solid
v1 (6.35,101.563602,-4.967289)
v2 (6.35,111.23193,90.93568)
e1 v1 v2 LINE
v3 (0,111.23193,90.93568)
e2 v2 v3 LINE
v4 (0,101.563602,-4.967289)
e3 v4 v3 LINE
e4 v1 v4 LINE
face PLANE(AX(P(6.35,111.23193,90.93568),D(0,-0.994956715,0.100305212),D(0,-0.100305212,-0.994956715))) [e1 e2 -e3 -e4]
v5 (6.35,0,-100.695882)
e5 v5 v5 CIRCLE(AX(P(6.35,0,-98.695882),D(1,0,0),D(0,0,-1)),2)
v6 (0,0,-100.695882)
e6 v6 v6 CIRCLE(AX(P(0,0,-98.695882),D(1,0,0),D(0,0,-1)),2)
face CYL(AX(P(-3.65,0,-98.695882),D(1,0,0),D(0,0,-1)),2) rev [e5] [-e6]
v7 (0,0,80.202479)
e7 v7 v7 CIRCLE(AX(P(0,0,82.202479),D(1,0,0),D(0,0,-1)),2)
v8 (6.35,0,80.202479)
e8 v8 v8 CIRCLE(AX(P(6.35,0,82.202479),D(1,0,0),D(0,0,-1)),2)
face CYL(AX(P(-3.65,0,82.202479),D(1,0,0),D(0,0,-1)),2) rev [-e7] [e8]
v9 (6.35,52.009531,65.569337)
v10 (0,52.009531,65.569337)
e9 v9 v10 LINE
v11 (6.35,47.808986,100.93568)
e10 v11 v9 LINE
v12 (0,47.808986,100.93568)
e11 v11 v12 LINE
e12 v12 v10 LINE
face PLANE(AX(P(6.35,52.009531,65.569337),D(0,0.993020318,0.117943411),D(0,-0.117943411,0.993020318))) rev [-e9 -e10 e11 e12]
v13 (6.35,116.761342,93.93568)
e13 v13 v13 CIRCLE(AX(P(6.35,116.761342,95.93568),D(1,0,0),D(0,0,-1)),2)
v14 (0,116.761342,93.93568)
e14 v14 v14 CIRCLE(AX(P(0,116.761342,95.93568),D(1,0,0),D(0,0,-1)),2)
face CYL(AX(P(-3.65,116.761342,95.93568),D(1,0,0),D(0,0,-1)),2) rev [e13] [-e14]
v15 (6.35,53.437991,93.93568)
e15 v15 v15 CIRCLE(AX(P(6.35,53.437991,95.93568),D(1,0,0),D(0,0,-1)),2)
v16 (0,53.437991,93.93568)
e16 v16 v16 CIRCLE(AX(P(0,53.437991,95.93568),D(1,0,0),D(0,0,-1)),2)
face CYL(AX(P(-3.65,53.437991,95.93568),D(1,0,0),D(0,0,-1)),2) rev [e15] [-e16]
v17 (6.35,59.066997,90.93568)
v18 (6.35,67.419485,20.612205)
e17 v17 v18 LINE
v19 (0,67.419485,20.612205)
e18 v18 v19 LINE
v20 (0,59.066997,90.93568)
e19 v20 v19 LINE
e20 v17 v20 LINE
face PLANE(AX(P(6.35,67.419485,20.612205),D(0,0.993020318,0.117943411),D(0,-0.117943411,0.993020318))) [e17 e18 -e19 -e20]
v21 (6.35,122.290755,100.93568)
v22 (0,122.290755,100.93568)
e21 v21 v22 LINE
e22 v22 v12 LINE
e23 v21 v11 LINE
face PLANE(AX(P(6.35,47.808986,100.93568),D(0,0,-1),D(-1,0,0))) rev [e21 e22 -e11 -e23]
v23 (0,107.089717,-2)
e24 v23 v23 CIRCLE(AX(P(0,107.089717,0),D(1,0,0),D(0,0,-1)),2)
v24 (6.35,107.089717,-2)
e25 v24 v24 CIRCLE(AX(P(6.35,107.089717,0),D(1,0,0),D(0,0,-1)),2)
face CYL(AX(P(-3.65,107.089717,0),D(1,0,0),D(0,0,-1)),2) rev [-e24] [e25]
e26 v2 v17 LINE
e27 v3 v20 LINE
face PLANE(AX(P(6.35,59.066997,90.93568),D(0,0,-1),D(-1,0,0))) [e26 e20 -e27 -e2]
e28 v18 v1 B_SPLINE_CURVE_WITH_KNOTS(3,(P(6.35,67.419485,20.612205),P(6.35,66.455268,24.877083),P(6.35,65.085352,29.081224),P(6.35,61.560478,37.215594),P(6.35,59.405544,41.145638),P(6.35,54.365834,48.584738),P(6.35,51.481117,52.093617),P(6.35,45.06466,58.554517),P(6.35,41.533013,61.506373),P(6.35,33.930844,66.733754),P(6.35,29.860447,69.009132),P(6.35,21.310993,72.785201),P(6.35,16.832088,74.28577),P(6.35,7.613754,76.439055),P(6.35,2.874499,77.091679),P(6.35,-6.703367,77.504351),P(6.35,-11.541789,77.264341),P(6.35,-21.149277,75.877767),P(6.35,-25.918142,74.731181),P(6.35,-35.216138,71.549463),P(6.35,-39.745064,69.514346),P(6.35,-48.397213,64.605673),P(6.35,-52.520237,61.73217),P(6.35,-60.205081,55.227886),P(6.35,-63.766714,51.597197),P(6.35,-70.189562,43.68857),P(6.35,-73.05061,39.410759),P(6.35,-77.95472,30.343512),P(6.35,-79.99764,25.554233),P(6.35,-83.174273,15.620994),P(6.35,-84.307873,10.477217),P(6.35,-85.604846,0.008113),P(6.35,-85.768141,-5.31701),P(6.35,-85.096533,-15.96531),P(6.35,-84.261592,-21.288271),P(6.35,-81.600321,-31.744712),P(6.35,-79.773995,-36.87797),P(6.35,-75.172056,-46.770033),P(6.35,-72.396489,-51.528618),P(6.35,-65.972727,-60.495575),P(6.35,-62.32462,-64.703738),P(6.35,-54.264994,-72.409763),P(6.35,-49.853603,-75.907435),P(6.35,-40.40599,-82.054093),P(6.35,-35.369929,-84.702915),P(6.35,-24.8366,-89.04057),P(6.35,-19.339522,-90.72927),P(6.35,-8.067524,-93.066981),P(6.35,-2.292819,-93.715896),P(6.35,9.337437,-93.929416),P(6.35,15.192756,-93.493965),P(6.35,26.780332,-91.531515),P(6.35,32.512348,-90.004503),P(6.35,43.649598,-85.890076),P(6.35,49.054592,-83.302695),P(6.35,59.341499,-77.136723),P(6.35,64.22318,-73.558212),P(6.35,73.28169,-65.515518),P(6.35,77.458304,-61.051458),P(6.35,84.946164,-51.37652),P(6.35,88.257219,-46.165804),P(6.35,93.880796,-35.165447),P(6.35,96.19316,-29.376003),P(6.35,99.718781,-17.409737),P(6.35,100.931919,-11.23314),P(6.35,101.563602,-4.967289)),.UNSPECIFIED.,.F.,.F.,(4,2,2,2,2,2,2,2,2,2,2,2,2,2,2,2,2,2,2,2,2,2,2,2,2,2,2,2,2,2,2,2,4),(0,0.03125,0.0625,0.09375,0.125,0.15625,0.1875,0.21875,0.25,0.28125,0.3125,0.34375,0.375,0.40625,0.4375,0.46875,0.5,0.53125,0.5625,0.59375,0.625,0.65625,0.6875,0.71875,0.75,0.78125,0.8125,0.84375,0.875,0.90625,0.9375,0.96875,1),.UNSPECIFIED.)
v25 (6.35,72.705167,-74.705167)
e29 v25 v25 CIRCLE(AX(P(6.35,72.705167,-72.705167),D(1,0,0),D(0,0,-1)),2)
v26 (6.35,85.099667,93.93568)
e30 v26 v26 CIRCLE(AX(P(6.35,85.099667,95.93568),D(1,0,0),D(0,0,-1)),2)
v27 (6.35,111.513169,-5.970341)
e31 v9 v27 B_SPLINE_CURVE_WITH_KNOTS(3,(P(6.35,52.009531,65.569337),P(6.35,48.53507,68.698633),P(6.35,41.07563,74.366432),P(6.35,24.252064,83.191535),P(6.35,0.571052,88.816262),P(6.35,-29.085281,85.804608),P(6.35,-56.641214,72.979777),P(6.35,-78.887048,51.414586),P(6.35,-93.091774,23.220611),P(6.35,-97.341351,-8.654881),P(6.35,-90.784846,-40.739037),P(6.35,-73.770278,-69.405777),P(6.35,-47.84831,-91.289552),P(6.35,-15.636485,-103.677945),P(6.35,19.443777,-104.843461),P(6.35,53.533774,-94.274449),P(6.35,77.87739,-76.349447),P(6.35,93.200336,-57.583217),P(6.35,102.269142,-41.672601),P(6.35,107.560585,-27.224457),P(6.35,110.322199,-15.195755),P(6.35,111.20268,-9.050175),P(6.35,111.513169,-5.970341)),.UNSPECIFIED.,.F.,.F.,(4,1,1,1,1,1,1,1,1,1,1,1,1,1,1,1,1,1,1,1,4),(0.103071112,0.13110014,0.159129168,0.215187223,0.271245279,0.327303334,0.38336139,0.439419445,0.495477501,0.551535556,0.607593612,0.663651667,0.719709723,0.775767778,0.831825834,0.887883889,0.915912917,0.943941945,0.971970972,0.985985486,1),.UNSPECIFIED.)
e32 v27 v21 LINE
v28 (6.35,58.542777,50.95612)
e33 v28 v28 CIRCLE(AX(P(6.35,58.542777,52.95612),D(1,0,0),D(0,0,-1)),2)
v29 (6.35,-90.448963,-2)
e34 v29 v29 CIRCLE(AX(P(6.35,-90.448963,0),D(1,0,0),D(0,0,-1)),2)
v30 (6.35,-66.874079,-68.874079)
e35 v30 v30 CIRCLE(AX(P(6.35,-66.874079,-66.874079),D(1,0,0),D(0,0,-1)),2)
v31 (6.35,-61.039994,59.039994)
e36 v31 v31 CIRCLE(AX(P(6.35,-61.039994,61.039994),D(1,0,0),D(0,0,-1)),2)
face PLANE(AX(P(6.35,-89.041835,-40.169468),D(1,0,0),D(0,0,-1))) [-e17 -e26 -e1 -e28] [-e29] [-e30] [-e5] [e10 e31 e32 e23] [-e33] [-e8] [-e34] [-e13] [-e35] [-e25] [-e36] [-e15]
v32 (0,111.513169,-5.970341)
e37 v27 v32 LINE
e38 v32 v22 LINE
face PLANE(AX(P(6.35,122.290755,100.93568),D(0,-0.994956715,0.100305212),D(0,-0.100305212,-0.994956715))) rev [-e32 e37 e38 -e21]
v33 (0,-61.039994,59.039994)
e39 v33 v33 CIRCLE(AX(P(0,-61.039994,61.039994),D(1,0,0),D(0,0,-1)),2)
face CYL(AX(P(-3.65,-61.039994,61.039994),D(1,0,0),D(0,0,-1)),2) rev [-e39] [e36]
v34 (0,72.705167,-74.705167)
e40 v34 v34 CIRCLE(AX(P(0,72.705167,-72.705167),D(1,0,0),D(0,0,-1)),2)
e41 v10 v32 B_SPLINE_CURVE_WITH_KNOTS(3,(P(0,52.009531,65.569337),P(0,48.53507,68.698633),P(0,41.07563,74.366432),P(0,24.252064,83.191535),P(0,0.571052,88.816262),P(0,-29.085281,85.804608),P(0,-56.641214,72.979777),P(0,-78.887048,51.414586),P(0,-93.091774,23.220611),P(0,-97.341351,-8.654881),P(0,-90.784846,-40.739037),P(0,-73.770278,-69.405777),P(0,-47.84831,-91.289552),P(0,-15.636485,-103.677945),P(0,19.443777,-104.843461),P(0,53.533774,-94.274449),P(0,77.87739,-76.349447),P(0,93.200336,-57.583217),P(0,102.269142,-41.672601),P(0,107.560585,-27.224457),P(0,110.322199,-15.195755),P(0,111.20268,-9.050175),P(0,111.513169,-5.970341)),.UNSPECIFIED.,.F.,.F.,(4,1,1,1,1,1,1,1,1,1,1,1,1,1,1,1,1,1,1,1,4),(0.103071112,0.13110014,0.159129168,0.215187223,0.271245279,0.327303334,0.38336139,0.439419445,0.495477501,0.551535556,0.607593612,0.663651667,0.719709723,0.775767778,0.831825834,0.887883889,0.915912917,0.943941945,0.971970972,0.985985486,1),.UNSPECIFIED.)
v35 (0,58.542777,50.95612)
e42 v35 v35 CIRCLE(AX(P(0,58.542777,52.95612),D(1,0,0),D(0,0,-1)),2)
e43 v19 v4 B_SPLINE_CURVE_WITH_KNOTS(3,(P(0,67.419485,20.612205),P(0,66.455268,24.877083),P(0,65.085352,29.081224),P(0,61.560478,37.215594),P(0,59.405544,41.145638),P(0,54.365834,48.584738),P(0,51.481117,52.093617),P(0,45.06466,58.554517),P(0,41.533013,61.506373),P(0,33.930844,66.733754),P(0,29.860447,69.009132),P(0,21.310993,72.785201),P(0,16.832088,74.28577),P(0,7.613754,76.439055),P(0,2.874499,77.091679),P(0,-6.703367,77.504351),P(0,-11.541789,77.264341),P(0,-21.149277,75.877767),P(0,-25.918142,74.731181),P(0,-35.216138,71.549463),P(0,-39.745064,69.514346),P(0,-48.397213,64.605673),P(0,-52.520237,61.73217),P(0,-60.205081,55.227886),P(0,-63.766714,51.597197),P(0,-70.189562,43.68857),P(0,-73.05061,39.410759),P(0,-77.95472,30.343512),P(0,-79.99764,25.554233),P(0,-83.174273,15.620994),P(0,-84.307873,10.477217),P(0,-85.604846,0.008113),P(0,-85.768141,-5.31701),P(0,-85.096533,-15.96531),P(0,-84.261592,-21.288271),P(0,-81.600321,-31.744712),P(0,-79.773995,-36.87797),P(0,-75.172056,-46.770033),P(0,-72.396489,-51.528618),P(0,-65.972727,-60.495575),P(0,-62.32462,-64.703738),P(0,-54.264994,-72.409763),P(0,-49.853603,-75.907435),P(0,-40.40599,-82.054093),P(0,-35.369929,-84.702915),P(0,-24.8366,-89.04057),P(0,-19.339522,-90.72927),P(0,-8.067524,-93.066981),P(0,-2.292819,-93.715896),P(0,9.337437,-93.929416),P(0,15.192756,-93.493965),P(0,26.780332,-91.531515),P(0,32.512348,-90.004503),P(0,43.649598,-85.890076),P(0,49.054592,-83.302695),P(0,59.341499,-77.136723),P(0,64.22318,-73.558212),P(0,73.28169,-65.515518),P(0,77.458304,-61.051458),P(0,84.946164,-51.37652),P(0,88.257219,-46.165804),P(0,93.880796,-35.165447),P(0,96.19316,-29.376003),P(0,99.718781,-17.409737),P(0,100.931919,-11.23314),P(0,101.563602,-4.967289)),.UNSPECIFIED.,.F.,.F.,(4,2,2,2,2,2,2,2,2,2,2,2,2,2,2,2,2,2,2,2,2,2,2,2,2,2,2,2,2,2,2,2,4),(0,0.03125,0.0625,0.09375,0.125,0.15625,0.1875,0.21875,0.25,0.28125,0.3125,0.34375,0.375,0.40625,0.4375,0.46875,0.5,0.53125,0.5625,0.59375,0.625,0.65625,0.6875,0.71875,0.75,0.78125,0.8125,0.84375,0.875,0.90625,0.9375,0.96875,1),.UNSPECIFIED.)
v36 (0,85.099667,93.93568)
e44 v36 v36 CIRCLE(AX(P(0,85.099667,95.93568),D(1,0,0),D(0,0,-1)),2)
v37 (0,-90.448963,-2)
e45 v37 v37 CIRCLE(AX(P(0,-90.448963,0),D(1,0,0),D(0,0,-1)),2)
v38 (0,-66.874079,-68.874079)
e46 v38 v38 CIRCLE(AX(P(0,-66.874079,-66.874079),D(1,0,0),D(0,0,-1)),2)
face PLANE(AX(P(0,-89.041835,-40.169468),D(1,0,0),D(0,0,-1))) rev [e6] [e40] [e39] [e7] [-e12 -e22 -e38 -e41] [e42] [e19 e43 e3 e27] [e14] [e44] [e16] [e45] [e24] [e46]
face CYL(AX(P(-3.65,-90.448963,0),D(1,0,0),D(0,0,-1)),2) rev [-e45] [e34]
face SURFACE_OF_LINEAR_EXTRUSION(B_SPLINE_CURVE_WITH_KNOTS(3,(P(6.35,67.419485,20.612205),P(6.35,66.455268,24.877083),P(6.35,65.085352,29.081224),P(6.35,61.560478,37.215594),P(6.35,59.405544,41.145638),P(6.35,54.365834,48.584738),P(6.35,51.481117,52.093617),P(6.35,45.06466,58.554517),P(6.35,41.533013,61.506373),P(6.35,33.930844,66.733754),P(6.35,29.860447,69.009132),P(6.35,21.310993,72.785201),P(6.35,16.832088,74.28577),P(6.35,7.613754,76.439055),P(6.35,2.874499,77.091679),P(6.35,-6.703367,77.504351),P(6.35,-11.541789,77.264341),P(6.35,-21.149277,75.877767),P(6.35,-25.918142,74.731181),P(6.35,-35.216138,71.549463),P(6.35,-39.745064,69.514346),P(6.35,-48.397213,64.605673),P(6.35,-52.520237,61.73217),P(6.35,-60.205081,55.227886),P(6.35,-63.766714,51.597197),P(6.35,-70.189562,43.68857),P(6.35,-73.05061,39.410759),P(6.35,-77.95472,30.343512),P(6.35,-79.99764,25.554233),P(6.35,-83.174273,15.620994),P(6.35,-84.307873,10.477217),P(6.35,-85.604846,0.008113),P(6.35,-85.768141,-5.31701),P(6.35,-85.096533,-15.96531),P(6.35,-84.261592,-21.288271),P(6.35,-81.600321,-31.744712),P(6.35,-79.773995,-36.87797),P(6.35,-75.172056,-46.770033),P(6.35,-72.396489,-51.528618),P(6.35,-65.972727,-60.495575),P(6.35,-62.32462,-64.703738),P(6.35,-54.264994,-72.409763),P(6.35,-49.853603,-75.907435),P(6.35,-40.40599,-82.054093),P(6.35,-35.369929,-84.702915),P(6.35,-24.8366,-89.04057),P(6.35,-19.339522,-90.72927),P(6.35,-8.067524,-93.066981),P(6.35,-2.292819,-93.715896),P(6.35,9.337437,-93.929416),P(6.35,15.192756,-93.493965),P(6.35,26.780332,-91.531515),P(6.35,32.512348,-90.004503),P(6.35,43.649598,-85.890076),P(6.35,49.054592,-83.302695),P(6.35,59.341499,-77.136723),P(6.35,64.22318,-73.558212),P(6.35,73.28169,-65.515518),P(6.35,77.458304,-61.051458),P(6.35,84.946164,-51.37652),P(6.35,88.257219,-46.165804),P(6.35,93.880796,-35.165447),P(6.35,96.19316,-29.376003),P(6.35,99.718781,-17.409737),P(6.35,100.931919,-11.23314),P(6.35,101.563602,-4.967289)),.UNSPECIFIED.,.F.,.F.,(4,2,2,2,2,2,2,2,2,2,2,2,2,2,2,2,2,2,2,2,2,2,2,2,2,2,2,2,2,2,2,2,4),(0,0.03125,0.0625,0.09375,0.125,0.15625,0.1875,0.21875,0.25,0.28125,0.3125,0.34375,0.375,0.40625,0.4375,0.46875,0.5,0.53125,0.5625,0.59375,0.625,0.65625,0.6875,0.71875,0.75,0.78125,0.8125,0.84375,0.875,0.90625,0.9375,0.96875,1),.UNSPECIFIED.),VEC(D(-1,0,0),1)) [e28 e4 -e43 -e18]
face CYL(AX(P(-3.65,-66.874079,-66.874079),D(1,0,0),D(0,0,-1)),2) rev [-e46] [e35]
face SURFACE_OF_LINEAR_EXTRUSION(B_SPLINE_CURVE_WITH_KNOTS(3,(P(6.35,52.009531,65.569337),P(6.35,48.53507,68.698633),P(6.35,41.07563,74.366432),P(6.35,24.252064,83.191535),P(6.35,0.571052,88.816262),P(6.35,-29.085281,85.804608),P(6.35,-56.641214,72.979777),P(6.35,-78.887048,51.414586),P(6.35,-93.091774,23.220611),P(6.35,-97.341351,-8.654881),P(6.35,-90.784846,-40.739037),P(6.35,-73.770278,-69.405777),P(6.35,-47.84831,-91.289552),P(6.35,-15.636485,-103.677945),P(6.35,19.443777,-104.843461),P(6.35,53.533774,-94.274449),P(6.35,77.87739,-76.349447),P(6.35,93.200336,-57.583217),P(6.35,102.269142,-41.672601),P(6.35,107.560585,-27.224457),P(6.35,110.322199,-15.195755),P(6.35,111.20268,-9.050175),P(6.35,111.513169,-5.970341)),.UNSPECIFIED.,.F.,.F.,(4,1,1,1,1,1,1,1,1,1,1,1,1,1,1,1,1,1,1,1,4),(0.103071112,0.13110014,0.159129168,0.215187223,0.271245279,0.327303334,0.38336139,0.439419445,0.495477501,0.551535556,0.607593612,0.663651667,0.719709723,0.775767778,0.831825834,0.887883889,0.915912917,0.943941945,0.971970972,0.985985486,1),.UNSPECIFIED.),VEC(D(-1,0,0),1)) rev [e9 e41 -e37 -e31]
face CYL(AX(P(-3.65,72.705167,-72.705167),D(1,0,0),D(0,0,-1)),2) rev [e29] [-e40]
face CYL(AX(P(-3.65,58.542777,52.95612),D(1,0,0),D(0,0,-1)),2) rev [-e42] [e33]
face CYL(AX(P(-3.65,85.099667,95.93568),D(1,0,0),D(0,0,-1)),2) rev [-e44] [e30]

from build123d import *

# Parameters (mm, degrees)
BOSS_EXTRUDE1_DEPTH = 6.35
SKETCH11_R          = 2
CUT_EXTRUDE2_DEPTH  = 10


with BuildPart() as part:
    # Sketch10 → Boss-Extrude1 (new body)
    with BuildSketch(Plane(origin=(0, 0, 0), x_dir=(0, 0, -1), z_dir=(1, 0, 0))):
        with BuildLine():
            Line((-65.56933734, 52.009531221), (-100.935679824, 47.808985699))
            Line((-100.935679824, 47.808985699), (-100.935679824, 122.29075479))
            Line((-100.935679824, 122.29075479), (5.970340966, 111.513169224))
            add(Edge.make_bspline(
                [(5.970340966, 111.513169224), (9.050174513, 111.20267998), (15.195754527, 110.322198965), (27.224457069, 107.560584888), (41.672600889, 102.269141777), (57.583217011, 93.200335773), (76.34944741, 77.877389952), (94.274449289, 53.53377411), (104.843460982, 19.443777188), (103.677945005, -15.636484697), (91.289552438, -47.848309946), (69.405777179, -73.770277552), (40.739036605, -90.784845908), (8.654881454, -97.341351398), (-23.220610692, -93.091773694), (-51.414586087, -78.887047742), (-72.979776783, -56.641213756), (-85.804607758, -29.085280645), (-88.816261681, 0.571051967), (-83.191535024, 24.252063706), (-74.366432128, 41.075630131), (-68.698633198, 48.535069634), (-65.56933734, 52.009531221)],
                knots=[0.103071112, 0.103071112, 0.103071112, 0.103071112, 0.117085626, 0.13110014, 0.159129168, 0.187158196, 0.215187223, 0.271245279, 0.327303334, 0.38336139, 0.439419445, 0.495477501, 0.551535556, 0.607593612, 0.663651667, 0.719709723, 0.775767778, 0.831825834, 0.887883889, 0.943941945, 0.971970972, 1, 1, 1, 1], degree=3))
        make_face()
        with BuildLine():
            Line((-20.612205183, 67.419485295), (-90.935679824, 59.066997144))
            Line((-90.935679824, 59.066997144), (-90.935679824, 111.231929858))
            Line((-90.935679824, 111.231929858), (4.967288842, 101.563602076))
            add(Edge.make_bspline(
                [(-20.612205183, 67.419485295), (-24.877082573, 66.455267856), (-29.081224373, 65.085352217), (-37.21559395, 61.560478152), (-41.145637536, 59.405543875), (-48.584738117, 54.365833517), (-52.093616671, 51.481116625), (-58.554517239, 45.064659766), (-61.506373232, 41.533012683), (-66.733754258, 33.93084433), (-69.009132051, 29.860447027), (-72.785201264, 21.31099306), (-74.285770034, 16.832087637), (-76.439055333, 7.613754029), (-77.091678837, 2.874499464), (-77.504351301, -6.703367116), (-77.264340924, -11.541788953), (-75.877767223, -21.149276623), (-74.731181162, -25.918142271), (-71.549462985, -35.216137703), (-69.514346369, -39.745064349), (-64.605672967, -48.397213397), (-61.732170197, -52.520237022), (-55.227886345, -60.20508067), (-51.597196674, -63.766713581), (-43.688569666, -70.189562344), (-39.41075863, -73.050609782), (-30.343511502, -77.954720143), (-25.554232771, -79.997639846), (-15.620993672, -83.174272641), (-10.477216691, -84.30787342), (-0.008113237, -85.604846154), (5.317009901, -85.76814141), (15.965310371, -85.096533315), (21.28827135, -84.261592387), (31.744712207, -81.600321197), (36.87797025, -79.773994641), (46.77003278, -75.172055644), (51.528617832, -72.396488903), (60.495574952, -65.972727389), (64.703737934, -62.324619511), (72.409763445, -54.264994481), (75.907434968, -49.853603117), (82.054093398, -40.405990072), (84.702914605, -35.369929323), (89.040569877, -24.836599811), (90.729269998, -19.339522034), (93.066981329, -8.06752417), (93.715895777, -2.292818854), (93.929415548, 9.337436952), (93.493965482, 15.192756131), (91.531515002, 26.780331551), (90.004503349, 32.512347913), (85.890076353, 43.649598298), (83.302695164, 49.054592305), (77.136723273, 59.34149905), (73.55821175, 64.223180225), (65.515517909, 73.281690263), (61.051457803, 77.458304454), (51.376519854, 84.946163767), (46.165803684, 88.257219093), (35.165447244, 93.88079599), (29.376003057, 96.19315988), (17.40973727, 99.718780964), (11.233139789, 100.931918806), (4.967288842, 101.563602076)],
                knots=[0, 0, 0, 0, 0.03125, 0.03125, 0.0625, 0.0625, 0.09375, 0.09375, 0.125, 0.125, 0.15625, 0.15625, 0.1875, 0.1875, 0.21875, 0.21875, 0.25, 0.25, 0.28125, 0.28125, 0.3125, 0.3125, 0.34375, 0.34375, 0.375, 0.375, 0.40625, 0.40625, 0.4375, 0.4375, 0.46875, 0.46875, 0.5, 0.5, 0.53125, 0.53125, 0.5625, 0.5625, 0.59375, 0.59375, 0.625, 0.625, 0.65625, 0.65625, 0.6875, 0.6875, 0.71875, 0.71875, 0.75, 0.75, 0.78125, 0.78125, 0.8125, 0.8125, 0.84375, 0.84375, 0.875, 0.875, 0.90625, 0.90625, 0.9375, 0.9375, 0.96875, 0.96875, 1, 1, 1, 1], degree=3))
        make_face(mode=Mode.SUBTRACT)
    extrude(amount=BOSS_EXTRUDE1_DEPTH)

    # Sketch11 → Cut-Extrude2 (cut)
    with BuildSketch(Plane(origin=(6.35, 0, 0), x_dir=(0, 0, -1), z_dir=(1, 0, 0))):
        with Locations((-95.935679824, 116.761342324)):
            Circle(SKETCH11_R)
        with Locations((-95.935679824, 53.437991421)):
            Circle(SKETCH11_R)
        with Locations((-95.935679824, 85.099666873)):
            Circle(SKETCH11_R)
        with Locations((-52.956120261, 58.54277704)):
            Circle(SKETCH11_R)
        with Locations((0, -90.448962865)):
            Circle(SKETCH11_R)
        with Locations((-82.20247918, 0)):
            Circle(SKETCH11_R)
        with Locations((98.695882227, 0)):
            Circle(SKETCH11_R)
        with Locations((0, 107.089716811)):
            Circle(SKETCH11_R)
        with Locations((-61.03999449, -61.03999449)):
            Circle(SKETCH11_R)
        with Locations((66.874078846, -66.874078846)):
            Circle(SKETCH11_R)
        with Locations((72.70516699, 72.70516699)):
            Circle(SKETCH11_R)
    extrude(amount=-CUT_EXTRUDE2_DEPTH, mode=Mode.SUBTRACT)


solid = part.part
